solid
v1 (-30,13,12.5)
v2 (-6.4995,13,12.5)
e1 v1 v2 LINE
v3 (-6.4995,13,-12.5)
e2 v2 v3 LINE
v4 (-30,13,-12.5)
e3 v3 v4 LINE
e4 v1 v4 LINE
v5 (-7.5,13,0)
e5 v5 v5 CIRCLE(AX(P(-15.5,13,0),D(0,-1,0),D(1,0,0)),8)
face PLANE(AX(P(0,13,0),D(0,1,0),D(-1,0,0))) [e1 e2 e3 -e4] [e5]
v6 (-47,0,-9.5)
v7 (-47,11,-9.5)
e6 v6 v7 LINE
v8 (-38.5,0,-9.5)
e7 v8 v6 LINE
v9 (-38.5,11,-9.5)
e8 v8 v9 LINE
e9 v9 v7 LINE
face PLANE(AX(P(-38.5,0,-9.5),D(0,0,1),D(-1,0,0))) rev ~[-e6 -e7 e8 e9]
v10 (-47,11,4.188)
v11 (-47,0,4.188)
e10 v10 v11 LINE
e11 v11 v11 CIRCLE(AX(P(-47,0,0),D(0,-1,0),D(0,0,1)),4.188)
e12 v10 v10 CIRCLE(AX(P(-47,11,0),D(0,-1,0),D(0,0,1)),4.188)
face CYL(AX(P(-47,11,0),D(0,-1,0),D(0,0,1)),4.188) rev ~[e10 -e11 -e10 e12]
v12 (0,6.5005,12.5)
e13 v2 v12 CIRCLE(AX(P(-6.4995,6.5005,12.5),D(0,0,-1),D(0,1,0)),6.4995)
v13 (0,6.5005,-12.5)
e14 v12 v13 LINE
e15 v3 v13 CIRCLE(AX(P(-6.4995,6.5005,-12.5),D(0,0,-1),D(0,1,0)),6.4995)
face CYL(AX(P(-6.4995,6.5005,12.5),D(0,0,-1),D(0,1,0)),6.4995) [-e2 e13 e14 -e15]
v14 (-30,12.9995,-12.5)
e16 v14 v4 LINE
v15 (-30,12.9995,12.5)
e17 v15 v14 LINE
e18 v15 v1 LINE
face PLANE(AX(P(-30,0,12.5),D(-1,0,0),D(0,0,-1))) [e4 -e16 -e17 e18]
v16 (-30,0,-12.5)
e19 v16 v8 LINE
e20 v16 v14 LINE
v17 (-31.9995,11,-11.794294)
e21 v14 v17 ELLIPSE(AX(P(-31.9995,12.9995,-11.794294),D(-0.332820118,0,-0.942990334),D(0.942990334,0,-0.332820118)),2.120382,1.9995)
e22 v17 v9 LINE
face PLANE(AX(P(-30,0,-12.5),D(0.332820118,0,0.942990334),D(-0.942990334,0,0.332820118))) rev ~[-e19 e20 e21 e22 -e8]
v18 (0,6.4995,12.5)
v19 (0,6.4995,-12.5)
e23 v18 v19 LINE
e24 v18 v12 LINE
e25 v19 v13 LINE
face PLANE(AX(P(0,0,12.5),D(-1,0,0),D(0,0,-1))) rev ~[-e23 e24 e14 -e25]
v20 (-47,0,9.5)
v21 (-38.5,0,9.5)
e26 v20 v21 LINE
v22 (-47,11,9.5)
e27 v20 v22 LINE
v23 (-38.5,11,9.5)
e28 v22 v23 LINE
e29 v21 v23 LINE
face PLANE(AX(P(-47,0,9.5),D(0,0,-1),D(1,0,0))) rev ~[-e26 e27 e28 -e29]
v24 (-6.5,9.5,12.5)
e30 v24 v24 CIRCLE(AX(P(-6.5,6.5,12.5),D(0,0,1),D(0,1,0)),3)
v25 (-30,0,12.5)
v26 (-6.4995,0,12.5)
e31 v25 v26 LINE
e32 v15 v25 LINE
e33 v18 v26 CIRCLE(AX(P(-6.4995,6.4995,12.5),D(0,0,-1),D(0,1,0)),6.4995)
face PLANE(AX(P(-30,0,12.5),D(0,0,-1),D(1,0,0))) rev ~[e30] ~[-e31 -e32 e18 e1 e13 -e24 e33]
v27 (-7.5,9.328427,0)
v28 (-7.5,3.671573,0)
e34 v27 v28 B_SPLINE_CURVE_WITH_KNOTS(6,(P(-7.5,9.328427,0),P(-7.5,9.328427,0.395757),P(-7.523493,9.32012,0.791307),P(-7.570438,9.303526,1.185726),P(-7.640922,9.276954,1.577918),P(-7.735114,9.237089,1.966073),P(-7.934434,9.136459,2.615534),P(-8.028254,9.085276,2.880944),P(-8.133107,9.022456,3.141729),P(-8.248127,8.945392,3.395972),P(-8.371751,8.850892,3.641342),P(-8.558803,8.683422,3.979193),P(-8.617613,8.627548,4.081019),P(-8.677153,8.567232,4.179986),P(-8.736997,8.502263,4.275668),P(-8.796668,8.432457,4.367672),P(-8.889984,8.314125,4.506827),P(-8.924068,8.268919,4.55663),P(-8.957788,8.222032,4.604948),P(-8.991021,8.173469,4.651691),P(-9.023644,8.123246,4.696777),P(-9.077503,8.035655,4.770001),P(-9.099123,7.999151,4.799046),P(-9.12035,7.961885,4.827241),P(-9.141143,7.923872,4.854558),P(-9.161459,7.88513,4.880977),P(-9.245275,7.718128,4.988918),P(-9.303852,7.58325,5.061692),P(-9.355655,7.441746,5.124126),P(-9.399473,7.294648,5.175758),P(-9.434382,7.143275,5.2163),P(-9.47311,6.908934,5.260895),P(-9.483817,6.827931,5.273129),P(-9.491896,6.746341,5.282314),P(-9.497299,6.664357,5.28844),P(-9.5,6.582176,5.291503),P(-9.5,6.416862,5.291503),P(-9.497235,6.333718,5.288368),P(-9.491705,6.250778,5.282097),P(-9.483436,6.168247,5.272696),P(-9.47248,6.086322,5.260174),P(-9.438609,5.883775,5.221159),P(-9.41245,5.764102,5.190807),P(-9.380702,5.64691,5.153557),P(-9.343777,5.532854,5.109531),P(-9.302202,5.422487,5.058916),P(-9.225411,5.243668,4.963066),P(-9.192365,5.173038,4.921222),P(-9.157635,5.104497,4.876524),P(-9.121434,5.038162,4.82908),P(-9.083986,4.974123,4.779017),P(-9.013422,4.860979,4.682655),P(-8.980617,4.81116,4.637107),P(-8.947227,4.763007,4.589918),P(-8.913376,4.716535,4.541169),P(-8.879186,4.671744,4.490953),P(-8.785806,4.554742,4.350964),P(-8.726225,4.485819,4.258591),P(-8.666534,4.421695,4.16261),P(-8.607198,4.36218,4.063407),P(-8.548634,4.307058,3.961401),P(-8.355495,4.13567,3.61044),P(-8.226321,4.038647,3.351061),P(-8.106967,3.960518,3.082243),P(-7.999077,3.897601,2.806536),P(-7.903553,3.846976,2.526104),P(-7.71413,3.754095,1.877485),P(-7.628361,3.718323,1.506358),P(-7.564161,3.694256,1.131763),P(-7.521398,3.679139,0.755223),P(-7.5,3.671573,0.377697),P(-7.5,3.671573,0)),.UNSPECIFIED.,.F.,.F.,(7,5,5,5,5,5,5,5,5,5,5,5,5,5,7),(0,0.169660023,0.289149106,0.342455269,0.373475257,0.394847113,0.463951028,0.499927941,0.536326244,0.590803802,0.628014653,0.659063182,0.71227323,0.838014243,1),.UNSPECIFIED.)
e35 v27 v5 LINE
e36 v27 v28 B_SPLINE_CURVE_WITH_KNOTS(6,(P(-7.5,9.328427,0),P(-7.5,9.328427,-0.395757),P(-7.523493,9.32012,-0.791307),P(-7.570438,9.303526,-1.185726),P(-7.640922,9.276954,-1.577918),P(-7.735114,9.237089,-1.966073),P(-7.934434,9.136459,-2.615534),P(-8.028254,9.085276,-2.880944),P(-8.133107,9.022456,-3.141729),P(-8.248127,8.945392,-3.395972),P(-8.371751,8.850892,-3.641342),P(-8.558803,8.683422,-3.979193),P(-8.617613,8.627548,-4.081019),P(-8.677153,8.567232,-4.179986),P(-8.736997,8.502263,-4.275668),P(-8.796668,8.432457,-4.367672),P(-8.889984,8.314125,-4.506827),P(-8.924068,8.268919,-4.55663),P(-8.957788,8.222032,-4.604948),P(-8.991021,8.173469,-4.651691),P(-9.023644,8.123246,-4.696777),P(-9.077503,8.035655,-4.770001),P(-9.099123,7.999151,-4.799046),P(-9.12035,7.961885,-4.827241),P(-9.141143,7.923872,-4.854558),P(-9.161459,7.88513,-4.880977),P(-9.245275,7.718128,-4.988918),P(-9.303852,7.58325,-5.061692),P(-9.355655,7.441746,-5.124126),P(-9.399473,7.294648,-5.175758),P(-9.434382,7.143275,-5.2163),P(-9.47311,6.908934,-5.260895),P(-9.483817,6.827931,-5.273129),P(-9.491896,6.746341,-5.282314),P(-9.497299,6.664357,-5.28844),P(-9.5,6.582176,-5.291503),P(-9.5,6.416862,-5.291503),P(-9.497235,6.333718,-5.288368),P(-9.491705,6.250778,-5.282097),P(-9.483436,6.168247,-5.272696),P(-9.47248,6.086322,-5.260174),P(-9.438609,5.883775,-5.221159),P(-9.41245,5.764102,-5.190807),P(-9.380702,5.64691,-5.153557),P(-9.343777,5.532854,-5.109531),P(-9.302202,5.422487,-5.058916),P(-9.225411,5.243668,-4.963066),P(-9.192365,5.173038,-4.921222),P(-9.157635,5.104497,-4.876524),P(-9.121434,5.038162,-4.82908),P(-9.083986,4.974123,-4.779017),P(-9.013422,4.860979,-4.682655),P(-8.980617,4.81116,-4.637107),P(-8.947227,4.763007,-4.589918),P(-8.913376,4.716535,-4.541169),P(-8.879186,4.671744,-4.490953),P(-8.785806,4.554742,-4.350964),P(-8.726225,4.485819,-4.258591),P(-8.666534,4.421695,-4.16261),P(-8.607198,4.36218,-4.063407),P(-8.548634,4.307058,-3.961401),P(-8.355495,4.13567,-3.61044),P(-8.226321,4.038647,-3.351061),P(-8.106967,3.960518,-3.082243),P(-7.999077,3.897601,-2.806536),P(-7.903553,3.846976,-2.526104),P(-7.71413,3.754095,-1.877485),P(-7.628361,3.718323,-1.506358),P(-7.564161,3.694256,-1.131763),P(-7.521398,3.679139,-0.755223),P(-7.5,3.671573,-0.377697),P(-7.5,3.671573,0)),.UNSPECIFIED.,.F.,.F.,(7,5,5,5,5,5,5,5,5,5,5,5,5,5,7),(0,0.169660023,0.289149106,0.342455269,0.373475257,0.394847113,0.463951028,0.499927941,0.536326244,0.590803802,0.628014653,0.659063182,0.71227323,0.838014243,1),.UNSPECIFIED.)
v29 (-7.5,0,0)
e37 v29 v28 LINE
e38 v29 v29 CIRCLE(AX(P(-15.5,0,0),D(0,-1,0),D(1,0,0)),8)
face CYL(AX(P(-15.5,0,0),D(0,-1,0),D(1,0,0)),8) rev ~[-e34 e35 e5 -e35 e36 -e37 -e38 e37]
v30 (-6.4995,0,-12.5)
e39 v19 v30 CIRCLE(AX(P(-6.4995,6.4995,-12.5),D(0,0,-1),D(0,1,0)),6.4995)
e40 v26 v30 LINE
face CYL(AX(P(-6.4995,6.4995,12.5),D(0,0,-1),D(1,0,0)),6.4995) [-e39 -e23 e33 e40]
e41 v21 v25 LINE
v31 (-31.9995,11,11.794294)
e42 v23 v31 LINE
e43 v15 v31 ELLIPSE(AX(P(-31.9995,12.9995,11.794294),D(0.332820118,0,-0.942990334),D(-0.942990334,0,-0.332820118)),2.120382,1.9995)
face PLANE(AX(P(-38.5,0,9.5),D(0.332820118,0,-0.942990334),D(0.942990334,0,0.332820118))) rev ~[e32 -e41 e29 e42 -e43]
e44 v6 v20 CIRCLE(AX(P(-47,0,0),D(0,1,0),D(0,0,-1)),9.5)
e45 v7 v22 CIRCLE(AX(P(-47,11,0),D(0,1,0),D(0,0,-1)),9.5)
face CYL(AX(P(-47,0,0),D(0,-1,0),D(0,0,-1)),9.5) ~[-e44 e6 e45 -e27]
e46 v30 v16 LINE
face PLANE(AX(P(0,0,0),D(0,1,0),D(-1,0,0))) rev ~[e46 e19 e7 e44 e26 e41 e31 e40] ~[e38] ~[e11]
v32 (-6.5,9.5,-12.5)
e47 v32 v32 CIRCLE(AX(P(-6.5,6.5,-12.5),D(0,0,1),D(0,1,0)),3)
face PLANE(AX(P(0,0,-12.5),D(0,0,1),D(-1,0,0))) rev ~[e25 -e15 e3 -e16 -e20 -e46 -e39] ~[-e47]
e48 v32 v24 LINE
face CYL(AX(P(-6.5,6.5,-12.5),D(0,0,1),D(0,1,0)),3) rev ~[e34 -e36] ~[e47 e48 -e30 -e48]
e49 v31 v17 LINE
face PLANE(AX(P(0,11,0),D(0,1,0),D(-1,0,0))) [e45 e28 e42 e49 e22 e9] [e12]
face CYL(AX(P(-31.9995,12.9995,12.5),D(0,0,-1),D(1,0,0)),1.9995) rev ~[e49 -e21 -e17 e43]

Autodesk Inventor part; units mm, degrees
ref_plane "YZ Plane" through (0, 0, 0) normal (1, 0, 0) x (0, 1, 0)
ref_plane "XZ Plane" through (0, 0, 0) normal (0, 1, 0) x (-1, 0, 0)
ref_plane "XY Plane" through (0, 0, 0) normal (0, 0, 1) x (1, 0, 0)
sketch "Skizze1" plane through (0, 0, 0) normal (0, 1, 0) x (-1, 0, 0)
  line L0 (0, 12.5) -> (0, -12.5)
  line L1 (0, -12.5) -> (30, -12.5)
  arc A0 (47, -9.5) -> (47, 9.5) centre (47, 0) ccw
  line L2 (47, 9.5) -> (38.5, 9.5)
  line L3 (38.5, 9.5) -> (30, 12.5)
  line L4 (30, 12.5) -> (0, 12.5)
  line L5 (0, 0) -> (47, 0) construction
  line L6 (30, -12.5) -> (38.5, -9.5)
  line L7 (38.5, -9.5) -> (47, -9.5)
  line L8 (30, 12.5) -> (30, -12.5)
  point P0 (56.5, 0)
  dimension "d0" = 90
  dimension "d1" = 25
  dimension "d2" = 30
  dimension "d3" = 47
  dimension "d5" = 8.5
  dimension "d6" = 18
  dimension "d9" = 30
extrude "Extrusion2" add sketch "Skizze1" along normal blind 13 contours L4 L8 L1 L0
extrude "Extrusion3" add sketch "Skizze1" along normal blind 11 contours L3 L2 A0 L7 L6 L8
fillet "Rundung1" radius 2 1 edges at (-30, 11, 0)
fillet "Rundung2" radius 6.5 2 edges at (0, 0, 0) (0, 13, 0)
sketch "Skizze2" plane through (-30, 0, -12.5) normal (0, 0, -1) x (-1, 0, 0)
  arc A0 (-23.5, 13) -> (-23.5, 0) centre (-23.5, 6.5) ccw projected
  point P0 (-30, 0)
hole "Bohrung1" at (-6.5, 6.5, -12.5) direction (0, 0, 1) diameter 6 depth 25
sketch "Skizze3" plane through (0, 11, 0) normal (0, 1, 0) x (1, 0, 0)
  arc A0 (-47, 9.5) -> (-47, -9.5) centre (-47, 0) ccw projected
  point P0 (0, 0)
hole "Bohrung2" at (-47, 11, 0) direction (0, -1, 0) diameter 8.376 depth 11 thread size "M10x1.5" class "6H" standard "ISO Metric profile"
sketch "Sketch4" plane through (0, 0, 0) normal (0, -1, 0) x (1, 0, 0)
  circle A0 centre (-15.5, 0) radius 8
  line L0 (-6.5, 12.5) -> (-6.5, -12.5) projected
  point P0 (0, 0)
  dimension "d30" = 16
  dimension "d33" = 9
extrude "Extrusion4" cut sketch "Sketch4" against normal up to surface (13 mm away)
properties part number "2012"
